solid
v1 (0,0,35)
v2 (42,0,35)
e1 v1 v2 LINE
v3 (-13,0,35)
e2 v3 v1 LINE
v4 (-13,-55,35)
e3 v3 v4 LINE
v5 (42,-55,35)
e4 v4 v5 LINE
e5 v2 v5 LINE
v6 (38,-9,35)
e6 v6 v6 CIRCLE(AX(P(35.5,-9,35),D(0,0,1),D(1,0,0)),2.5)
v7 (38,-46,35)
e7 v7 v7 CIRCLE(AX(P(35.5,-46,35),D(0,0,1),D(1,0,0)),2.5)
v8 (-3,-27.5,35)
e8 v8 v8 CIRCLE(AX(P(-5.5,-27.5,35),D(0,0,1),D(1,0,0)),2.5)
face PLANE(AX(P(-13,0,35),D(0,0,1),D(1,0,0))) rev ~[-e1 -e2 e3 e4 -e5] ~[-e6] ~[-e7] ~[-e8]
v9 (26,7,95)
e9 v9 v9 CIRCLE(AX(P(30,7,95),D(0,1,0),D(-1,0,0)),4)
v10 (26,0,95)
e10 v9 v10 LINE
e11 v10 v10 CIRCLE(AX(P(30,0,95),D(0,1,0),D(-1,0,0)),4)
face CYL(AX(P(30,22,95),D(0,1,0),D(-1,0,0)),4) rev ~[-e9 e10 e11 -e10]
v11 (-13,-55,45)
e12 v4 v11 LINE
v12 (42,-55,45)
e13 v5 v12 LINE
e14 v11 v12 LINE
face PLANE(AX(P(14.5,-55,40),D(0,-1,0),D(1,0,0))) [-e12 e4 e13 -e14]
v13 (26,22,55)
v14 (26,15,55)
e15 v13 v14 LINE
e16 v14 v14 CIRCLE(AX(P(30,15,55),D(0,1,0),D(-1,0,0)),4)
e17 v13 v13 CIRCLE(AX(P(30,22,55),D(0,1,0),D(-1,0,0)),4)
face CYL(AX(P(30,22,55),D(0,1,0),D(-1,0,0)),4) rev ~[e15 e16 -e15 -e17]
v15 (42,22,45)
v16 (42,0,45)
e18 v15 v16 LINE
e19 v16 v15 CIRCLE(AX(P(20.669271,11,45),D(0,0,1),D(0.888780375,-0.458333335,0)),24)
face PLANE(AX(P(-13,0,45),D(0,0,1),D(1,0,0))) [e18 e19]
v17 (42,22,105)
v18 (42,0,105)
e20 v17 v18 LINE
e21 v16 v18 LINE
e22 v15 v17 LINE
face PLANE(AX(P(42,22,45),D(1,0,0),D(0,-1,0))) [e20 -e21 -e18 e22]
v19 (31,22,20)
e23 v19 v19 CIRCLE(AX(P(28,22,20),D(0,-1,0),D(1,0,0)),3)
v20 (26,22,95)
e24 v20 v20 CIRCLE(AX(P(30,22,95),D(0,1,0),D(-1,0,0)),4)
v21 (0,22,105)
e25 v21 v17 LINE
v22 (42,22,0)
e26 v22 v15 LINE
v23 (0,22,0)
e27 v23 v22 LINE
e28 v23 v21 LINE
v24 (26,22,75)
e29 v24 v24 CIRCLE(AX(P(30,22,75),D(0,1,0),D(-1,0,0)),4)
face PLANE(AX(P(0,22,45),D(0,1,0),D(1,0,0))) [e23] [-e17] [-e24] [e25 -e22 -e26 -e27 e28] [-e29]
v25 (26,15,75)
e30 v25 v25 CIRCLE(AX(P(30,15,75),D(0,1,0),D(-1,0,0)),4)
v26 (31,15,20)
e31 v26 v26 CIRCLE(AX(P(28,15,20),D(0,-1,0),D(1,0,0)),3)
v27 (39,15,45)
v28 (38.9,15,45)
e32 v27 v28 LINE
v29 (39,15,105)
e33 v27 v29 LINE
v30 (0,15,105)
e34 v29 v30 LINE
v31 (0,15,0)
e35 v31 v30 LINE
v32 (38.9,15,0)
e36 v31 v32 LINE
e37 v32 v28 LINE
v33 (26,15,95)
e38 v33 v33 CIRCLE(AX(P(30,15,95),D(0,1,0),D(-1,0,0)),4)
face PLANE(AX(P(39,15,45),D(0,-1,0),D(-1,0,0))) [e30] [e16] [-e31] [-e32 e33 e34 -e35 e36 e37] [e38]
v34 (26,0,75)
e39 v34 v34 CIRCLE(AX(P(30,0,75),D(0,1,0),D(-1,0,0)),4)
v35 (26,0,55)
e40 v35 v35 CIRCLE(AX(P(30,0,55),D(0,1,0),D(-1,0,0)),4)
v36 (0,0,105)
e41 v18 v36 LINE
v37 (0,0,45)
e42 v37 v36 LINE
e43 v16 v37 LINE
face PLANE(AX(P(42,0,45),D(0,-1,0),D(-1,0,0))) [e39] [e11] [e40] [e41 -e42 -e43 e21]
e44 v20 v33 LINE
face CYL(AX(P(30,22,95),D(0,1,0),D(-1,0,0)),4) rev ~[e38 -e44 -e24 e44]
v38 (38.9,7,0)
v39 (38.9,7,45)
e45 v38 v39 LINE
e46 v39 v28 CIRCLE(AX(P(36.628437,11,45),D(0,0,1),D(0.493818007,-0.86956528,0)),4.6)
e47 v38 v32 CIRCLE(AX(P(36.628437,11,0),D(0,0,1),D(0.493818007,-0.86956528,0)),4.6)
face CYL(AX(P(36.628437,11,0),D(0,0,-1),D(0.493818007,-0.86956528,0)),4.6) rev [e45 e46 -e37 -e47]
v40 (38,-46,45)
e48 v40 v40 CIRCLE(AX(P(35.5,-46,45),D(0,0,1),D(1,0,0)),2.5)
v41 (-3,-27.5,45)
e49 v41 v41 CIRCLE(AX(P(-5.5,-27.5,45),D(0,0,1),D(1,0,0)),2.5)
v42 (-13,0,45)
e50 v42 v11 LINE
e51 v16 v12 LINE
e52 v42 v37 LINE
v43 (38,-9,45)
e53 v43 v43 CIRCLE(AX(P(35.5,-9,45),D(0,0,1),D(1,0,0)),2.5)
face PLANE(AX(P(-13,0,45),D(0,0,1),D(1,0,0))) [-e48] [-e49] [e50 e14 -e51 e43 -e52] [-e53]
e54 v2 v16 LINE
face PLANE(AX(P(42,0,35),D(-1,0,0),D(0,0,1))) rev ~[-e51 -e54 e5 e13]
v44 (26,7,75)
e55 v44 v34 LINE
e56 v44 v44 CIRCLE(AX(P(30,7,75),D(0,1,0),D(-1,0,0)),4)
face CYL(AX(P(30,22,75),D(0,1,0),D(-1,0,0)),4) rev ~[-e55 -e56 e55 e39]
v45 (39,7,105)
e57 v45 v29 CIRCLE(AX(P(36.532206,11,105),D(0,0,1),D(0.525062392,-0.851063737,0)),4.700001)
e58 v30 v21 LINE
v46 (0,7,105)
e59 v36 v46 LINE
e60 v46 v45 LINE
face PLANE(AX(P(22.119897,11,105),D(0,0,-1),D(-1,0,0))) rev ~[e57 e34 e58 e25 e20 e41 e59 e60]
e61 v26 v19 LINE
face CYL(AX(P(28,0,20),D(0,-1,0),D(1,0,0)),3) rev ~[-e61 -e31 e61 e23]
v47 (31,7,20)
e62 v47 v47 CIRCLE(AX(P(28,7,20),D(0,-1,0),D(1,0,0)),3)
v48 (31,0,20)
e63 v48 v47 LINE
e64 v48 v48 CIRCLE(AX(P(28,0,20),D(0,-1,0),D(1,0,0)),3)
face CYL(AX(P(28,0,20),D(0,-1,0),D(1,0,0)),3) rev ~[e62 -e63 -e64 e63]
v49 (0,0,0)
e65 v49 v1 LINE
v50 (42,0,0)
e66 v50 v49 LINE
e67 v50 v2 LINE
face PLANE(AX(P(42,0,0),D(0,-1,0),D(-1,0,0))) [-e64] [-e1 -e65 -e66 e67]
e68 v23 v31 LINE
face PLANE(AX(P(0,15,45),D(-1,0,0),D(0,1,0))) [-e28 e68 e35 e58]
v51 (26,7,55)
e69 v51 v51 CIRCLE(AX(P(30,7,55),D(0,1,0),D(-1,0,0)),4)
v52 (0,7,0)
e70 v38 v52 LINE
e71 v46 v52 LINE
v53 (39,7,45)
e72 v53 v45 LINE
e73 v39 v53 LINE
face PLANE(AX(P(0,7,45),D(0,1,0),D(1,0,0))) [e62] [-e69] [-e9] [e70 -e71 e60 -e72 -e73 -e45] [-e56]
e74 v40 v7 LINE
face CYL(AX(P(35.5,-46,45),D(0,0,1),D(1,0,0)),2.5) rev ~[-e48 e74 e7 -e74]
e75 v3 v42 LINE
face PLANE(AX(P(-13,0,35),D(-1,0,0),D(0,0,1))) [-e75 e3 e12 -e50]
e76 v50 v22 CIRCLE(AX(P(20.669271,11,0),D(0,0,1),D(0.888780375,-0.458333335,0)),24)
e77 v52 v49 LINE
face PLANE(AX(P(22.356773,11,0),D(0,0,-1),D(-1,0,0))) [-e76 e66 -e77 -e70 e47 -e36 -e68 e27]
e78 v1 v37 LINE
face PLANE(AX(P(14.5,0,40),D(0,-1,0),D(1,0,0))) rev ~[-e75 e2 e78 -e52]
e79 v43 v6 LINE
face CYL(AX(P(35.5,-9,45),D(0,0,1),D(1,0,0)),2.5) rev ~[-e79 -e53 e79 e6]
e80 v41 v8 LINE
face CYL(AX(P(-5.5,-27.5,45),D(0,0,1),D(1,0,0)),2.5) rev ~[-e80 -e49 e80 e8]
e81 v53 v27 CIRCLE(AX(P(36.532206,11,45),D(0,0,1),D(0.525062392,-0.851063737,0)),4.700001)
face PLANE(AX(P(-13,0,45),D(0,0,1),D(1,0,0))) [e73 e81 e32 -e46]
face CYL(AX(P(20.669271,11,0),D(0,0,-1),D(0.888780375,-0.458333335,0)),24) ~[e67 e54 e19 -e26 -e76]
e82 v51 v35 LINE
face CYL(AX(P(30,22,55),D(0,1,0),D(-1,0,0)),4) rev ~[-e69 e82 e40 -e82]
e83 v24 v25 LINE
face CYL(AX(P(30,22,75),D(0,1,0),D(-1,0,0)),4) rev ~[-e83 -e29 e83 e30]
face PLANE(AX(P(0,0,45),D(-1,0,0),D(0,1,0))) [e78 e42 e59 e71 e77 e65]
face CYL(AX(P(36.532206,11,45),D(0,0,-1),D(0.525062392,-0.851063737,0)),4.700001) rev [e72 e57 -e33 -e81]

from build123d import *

# Parameters (mm, degrees)
PAD_DEPTH       = 45
SKETCH001_W     = 55
SKETCH001_H     = 10
PAD001_DEPTH    = 55
SKETCH002_R     = 3
POCKET_DEPTH    = 22
SKETCH003_R     = 2.5
POCKET001_DEPTH = 10
PAD002_DEPTH    = 60
SKETCH005_R     = 4
POCKET002_DEPTH = 22


with BuildPart() as part:
    # Sketch → Pad (new body)
    with BuildSketch(Plane.XY):
        with BuildLine():
            Line((0, 22), (42, 22))
            ThreePointArc((42, 0), (44.669271, 11), (42, 22))
            Line((42, 0), (0, 0))
            Line((0, 7), (0, 0))
            Line((38.9, 7), (0, 7))
            ThreePointArc((38.9, 7), (41.228437, 11), (38.9, 15))
            Line((0, 15), (38.9, 15))
            Line((0, 22), (0, 15))
        make_face()
    extrude(amount=PAD_DEPTH)

    # Sketch001 (on Face4 of Pad) → Pad001 (join)
    with BuildSketch(Plane.XZ):
        with Locations((14.5, 40)):
            Rectangle(SKETCH001_W, SKETCH001_H)
    extrude(amount=PAD001_DEPTH)

    # Sketch002 (on Face8 of Pad001) → Pocket (cut)
    with BuildSketch(Plane.XZ):
        with Locations((28, 20)):
            Circle(SKETCH002_R)
    extrude(amount=-POCKET_DEPTH, mode=Mode.SUBTRACT)

    # Sketch003 (on Face12 of Pocket) → Pocket001 (cut)
    with BuildSketch(Plane.XY.offset(45)):
        with Locations((35.5, -9)):
            Circle(SKETCH003_R)
        with Locations((35.5, -46)):
            Circle(SKETCH003_R)
        with Locations((-5.5, -27.5)):
            Circle(SKETCH003_R)
    extrude(amount=-POCKET001_DEPTH, mode=Mode.SUBTRACT)

    # Sketch004 (on Face5 of Pocket001) → Pad002 (join)
    with BuildSketch(Plane.XY.offset(45)):
        with BuildLine():
            Line((0, 22), (42, 22))
            Line((42, 22), (42, 0))
            Line((42, 0), (0, 0))
            Line((0, 0), (0, 7))
            Line((0, 7), (39, 7))
            ThreePointArc((39, 7), (41.232207, 11), (39, 15))
            Line((39, 15), (0, 15))
            Line((0, 15), (0, 22))
        make_face()
    extrude(amount=PAD002_DEPTH)

    # Sketch005 (on Face6 of Pad002) → Pocket002 (cut)
    with BuildSketch(Plane(origin=(0, 22, 0), x_dir=(-1, 0, 0), z_dir=(0, 1, 0))):
        with Locations((-30, 55)):
            Circle(SKETCH005_R)
        with Locations((-30, 75)):
            Circle(SKETCH005_R)
        with Locations((-30, 95)):
            Circle(SKETCH005_R)
    extrude(amount=-POCKET002_DEPTH, mode=Mode.SUBTRACT)


solid = part.part
